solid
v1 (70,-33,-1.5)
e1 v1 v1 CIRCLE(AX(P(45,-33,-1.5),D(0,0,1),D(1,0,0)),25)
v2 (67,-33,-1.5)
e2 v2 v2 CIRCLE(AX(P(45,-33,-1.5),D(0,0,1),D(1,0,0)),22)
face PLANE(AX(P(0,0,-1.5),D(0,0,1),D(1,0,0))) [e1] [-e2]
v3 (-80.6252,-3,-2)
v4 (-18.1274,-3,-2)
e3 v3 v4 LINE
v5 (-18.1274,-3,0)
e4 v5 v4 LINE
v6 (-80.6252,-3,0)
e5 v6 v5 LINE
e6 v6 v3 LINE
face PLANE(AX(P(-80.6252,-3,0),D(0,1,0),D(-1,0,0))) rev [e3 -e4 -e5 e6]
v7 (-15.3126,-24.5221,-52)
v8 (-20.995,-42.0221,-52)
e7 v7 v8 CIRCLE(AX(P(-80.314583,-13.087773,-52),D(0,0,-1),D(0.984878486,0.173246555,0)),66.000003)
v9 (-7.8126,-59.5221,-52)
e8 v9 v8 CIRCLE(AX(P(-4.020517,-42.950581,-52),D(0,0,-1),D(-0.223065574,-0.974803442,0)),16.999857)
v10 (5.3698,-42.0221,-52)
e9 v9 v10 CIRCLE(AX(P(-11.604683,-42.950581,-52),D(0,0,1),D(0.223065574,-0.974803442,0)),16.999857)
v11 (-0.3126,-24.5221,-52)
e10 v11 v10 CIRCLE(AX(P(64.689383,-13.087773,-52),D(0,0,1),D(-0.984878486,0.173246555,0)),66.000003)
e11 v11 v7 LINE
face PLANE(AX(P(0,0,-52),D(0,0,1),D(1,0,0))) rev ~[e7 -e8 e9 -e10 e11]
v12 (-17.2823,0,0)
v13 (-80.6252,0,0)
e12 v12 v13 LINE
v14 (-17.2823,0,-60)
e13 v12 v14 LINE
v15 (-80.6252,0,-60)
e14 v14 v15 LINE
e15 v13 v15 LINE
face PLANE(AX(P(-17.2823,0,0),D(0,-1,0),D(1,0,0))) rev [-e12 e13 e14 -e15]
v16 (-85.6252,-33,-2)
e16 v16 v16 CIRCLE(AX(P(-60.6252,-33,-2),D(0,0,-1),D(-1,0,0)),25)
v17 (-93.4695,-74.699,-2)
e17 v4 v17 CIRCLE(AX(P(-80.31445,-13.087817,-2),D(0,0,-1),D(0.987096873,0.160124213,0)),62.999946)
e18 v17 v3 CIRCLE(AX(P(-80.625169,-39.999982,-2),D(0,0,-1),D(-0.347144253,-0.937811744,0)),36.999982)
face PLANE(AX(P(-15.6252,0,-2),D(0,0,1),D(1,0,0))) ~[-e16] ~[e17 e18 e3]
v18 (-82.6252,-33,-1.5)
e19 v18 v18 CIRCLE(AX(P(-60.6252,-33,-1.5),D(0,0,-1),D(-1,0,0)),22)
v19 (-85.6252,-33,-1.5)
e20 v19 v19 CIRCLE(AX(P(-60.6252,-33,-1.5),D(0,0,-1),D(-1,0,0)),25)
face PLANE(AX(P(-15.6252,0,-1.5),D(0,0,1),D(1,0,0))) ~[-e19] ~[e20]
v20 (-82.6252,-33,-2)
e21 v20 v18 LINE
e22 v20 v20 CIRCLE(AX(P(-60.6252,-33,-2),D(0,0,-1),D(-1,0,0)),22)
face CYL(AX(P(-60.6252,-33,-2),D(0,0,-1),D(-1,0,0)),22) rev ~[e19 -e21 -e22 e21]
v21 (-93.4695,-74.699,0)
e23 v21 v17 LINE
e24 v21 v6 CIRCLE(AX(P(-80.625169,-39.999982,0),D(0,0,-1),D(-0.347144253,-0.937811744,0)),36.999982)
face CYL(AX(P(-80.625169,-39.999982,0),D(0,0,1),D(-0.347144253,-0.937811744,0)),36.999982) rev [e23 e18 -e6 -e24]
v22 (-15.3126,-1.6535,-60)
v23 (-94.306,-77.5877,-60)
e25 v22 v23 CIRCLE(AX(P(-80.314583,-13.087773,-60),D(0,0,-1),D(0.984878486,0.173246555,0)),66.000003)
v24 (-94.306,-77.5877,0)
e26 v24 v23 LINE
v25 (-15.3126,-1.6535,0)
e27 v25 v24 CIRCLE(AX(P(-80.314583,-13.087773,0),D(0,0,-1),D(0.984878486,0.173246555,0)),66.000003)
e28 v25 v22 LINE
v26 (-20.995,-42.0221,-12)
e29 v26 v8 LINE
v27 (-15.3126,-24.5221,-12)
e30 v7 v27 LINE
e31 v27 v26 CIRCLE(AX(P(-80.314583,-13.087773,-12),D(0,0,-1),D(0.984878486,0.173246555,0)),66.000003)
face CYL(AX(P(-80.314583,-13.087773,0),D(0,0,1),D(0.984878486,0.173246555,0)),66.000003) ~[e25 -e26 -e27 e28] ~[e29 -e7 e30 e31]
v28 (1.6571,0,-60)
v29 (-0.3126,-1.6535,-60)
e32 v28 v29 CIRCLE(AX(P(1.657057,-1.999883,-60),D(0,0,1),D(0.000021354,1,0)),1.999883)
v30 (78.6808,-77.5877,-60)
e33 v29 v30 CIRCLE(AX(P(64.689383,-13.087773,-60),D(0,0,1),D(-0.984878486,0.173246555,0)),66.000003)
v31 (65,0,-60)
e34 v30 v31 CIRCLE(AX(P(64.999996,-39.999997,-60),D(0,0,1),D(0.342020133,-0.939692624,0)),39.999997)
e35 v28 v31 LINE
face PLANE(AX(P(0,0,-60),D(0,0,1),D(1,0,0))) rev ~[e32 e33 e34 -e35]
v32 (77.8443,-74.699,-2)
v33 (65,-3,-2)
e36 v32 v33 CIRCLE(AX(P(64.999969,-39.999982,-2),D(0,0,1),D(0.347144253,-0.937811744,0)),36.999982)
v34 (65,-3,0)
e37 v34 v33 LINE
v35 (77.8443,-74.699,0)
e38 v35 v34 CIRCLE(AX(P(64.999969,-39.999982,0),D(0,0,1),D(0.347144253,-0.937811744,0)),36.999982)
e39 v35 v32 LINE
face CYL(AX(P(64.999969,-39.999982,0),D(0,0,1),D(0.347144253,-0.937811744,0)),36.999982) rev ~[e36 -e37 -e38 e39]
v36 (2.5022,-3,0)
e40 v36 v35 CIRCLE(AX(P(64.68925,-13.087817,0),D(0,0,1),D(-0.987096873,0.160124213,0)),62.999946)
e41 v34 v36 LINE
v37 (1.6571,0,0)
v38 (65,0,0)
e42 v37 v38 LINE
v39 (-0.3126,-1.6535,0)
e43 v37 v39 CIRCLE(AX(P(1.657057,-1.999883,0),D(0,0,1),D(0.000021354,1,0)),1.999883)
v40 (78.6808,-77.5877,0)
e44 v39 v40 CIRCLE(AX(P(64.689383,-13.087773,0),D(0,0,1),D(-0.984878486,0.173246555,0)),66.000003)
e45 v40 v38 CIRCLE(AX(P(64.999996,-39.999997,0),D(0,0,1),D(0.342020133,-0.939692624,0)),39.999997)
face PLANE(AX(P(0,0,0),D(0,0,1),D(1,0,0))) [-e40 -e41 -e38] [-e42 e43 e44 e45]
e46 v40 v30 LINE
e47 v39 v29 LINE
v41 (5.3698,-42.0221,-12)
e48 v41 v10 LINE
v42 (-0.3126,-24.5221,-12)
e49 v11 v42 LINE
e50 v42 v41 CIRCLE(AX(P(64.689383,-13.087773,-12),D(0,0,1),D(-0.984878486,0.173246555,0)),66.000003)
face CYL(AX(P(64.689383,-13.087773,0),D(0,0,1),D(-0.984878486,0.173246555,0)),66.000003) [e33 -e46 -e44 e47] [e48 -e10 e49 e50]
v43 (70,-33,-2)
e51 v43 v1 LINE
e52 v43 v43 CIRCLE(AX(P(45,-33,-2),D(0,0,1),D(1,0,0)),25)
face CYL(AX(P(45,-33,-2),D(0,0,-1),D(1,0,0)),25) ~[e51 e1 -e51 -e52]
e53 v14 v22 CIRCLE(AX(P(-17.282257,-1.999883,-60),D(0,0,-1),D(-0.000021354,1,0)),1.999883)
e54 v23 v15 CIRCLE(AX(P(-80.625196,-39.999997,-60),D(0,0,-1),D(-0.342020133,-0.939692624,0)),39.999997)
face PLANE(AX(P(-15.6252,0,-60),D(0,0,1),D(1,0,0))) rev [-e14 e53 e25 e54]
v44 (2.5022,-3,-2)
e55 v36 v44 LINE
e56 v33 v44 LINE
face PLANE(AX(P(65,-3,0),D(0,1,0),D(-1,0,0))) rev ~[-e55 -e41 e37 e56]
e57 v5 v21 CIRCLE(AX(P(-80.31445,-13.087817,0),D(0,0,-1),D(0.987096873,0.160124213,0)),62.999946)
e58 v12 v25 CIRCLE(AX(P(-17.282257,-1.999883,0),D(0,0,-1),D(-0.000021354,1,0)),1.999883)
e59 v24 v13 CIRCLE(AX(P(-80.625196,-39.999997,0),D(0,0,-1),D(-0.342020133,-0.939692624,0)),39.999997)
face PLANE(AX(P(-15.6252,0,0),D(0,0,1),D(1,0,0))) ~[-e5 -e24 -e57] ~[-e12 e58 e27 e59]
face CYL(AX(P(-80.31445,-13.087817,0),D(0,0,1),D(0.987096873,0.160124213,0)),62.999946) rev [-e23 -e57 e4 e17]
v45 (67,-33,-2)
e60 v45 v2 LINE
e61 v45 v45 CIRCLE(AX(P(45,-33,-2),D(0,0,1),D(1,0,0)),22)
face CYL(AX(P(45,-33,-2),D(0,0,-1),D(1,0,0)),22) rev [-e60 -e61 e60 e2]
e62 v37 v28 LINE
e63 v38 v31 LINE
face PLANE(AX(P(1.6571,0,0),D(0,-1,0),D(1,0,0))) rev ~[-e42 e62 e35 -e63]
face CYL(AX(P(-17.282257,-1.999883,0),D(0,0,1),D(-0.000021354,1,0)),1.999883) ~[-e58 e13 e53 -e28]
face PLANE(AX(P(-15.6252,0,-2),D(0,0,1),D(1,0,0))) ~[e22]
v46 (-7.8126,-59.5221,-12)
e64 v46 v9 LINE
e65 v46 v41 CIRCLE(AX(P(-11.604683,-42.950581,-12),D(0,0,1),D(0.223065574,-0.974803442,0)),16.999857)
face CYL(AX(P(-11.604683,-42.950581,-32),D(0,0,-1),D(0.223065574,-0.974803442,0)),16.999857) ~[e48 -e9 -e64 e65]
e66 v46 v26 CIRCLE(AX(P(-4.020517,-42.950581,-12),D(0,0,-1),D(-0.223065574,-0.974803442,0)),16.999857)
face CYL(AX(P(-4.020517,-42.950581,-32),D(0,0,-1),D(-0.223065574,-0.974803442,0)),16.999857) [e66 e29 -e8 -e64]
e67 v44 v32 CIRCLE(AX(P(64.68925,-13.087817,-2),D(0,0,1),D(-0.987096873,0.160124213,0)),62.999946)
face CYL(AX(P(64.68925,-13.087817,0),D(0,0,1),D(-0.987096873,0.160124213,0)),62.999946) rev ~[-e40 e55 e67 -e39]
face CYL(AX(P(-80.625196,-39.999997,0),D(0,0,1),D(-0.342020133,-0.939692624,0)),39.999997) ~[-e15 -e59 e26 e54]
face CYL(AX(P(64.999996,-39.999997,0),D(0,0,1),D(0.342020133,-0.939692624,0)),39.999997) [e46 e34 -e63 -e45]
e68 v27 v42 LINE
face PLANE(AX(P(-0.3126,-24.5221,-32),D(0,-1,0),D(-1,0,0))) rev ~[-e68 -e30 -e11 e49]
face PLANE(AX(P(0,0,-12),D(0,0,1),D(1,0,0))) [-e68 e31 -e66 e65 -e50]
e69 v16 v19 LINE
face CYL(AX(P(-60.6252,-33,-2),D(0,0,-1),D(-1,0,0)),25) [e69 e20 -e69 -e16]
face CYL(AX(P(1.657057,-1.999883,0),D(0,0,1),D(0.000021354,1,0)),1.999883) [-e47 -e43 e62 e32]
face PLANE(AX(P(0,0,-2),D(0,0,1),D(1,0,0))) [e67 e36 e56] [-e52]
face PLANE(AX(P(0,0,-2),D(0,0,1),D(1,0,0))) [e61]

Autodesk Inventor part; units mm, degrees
ref_plane "YZ Plane" through (0, 0, 0) normal (1, 0, 0) x (0, 1, 0)
ref_plane "XZ Plane" through (0, 0, 0) normal (0, 1, 0) x (-1, 0, 0)
sketch "Sketch1" plane through (0, 0, 0) normal (0, 0, 1) x (1, 0, 0)
  line L0 (1.6571, 0) -> (65, 0)
  arc A0 (78.6808, -77.5877) -> (65, 0) centre (65, -40) ccw
  line L1 (65, -40) -> (78.6808, -77.5877) construction
  line L2 (65, -40) -> (65, 0) construction
  arc A1 (-0.3126, -1.6535) -> (78.6808, -77.5877) centre (64.6893, -13.0878) ccw
  arc A2 (1.6571, 0) -> (-0.3126, -1.6535) centre (1.6571, -2) ccw
  line L3 (65, -3) -> (2.5022, -3)
  arc A3 (2.5022, -3) -> (77.8443, -74.699) centre (64.6893, -13.0878) ccw
  arc A4 (77.8443, -74.699) -> (65, -3) centre (65, -40) ccw
  point P0 (0, 0)
  dimension "d4" = 65
  dimension "d5" = 160
  dimension "d6" = 66
  dimension "d8" = 2
  dimension "d11" = 3
extrude "Extrusion1" add sketch "Sketch1" against normal blind 60 contours L0 A0 A1 A2 | A4 A3 L3
extrude "Extrusion2" cut sketch "Sketch1" against normal blind 2 contours A4 A3 L3
sketch "Sketch3" plane through (0, 0, -2) normal (0, 0, 1) x (1, 0, 0)
  circle A0 centre (45, -33) radius 25
  circle A1 centre (45, -33) radius 22
  point P0 (0, 0)
  dimension "d14" = 50
  dimension "d15" = 3
extrude "Extrusion3" add sketch "Sketch3" along normal blind 0.5
ref_plane "Work Plane1" through (0, 0, -32) normal (0, 0, 1) x (1, 0, 0)
sketch "Sketch4" plane through (0, 0, -32) normal (0, 0, 1) x (1, 0, 0)
  arc A0 (-0.3126, -1.6535) -> (78.6808, -77.5877) centre (64.6893, -13.0878) ccw projected
  line L0 (-0.3126, -24.5221) -> (-7.8126, -24.5221)
  line L1 (-7.8126, -24.5221) -> (-7.8126, -59.5221)
  arc A1 (-7.8126, -59.5221) -> (5.3698, -42.0221) centre (-11.6048, -42.9504) ccw
  point P0 (0, 0)
  dimension "d19" = 7.5
  dimension "d20" = 35
  dimension "d21" = 17
extrude "Extrusion4" add sketch "Sketch4" along normal mid plane 40
mirror "Mirror1" about plane through (-7.8126, -24.5221, -32) normal (-1, 0, 0)
properties part number "Project eyes"
